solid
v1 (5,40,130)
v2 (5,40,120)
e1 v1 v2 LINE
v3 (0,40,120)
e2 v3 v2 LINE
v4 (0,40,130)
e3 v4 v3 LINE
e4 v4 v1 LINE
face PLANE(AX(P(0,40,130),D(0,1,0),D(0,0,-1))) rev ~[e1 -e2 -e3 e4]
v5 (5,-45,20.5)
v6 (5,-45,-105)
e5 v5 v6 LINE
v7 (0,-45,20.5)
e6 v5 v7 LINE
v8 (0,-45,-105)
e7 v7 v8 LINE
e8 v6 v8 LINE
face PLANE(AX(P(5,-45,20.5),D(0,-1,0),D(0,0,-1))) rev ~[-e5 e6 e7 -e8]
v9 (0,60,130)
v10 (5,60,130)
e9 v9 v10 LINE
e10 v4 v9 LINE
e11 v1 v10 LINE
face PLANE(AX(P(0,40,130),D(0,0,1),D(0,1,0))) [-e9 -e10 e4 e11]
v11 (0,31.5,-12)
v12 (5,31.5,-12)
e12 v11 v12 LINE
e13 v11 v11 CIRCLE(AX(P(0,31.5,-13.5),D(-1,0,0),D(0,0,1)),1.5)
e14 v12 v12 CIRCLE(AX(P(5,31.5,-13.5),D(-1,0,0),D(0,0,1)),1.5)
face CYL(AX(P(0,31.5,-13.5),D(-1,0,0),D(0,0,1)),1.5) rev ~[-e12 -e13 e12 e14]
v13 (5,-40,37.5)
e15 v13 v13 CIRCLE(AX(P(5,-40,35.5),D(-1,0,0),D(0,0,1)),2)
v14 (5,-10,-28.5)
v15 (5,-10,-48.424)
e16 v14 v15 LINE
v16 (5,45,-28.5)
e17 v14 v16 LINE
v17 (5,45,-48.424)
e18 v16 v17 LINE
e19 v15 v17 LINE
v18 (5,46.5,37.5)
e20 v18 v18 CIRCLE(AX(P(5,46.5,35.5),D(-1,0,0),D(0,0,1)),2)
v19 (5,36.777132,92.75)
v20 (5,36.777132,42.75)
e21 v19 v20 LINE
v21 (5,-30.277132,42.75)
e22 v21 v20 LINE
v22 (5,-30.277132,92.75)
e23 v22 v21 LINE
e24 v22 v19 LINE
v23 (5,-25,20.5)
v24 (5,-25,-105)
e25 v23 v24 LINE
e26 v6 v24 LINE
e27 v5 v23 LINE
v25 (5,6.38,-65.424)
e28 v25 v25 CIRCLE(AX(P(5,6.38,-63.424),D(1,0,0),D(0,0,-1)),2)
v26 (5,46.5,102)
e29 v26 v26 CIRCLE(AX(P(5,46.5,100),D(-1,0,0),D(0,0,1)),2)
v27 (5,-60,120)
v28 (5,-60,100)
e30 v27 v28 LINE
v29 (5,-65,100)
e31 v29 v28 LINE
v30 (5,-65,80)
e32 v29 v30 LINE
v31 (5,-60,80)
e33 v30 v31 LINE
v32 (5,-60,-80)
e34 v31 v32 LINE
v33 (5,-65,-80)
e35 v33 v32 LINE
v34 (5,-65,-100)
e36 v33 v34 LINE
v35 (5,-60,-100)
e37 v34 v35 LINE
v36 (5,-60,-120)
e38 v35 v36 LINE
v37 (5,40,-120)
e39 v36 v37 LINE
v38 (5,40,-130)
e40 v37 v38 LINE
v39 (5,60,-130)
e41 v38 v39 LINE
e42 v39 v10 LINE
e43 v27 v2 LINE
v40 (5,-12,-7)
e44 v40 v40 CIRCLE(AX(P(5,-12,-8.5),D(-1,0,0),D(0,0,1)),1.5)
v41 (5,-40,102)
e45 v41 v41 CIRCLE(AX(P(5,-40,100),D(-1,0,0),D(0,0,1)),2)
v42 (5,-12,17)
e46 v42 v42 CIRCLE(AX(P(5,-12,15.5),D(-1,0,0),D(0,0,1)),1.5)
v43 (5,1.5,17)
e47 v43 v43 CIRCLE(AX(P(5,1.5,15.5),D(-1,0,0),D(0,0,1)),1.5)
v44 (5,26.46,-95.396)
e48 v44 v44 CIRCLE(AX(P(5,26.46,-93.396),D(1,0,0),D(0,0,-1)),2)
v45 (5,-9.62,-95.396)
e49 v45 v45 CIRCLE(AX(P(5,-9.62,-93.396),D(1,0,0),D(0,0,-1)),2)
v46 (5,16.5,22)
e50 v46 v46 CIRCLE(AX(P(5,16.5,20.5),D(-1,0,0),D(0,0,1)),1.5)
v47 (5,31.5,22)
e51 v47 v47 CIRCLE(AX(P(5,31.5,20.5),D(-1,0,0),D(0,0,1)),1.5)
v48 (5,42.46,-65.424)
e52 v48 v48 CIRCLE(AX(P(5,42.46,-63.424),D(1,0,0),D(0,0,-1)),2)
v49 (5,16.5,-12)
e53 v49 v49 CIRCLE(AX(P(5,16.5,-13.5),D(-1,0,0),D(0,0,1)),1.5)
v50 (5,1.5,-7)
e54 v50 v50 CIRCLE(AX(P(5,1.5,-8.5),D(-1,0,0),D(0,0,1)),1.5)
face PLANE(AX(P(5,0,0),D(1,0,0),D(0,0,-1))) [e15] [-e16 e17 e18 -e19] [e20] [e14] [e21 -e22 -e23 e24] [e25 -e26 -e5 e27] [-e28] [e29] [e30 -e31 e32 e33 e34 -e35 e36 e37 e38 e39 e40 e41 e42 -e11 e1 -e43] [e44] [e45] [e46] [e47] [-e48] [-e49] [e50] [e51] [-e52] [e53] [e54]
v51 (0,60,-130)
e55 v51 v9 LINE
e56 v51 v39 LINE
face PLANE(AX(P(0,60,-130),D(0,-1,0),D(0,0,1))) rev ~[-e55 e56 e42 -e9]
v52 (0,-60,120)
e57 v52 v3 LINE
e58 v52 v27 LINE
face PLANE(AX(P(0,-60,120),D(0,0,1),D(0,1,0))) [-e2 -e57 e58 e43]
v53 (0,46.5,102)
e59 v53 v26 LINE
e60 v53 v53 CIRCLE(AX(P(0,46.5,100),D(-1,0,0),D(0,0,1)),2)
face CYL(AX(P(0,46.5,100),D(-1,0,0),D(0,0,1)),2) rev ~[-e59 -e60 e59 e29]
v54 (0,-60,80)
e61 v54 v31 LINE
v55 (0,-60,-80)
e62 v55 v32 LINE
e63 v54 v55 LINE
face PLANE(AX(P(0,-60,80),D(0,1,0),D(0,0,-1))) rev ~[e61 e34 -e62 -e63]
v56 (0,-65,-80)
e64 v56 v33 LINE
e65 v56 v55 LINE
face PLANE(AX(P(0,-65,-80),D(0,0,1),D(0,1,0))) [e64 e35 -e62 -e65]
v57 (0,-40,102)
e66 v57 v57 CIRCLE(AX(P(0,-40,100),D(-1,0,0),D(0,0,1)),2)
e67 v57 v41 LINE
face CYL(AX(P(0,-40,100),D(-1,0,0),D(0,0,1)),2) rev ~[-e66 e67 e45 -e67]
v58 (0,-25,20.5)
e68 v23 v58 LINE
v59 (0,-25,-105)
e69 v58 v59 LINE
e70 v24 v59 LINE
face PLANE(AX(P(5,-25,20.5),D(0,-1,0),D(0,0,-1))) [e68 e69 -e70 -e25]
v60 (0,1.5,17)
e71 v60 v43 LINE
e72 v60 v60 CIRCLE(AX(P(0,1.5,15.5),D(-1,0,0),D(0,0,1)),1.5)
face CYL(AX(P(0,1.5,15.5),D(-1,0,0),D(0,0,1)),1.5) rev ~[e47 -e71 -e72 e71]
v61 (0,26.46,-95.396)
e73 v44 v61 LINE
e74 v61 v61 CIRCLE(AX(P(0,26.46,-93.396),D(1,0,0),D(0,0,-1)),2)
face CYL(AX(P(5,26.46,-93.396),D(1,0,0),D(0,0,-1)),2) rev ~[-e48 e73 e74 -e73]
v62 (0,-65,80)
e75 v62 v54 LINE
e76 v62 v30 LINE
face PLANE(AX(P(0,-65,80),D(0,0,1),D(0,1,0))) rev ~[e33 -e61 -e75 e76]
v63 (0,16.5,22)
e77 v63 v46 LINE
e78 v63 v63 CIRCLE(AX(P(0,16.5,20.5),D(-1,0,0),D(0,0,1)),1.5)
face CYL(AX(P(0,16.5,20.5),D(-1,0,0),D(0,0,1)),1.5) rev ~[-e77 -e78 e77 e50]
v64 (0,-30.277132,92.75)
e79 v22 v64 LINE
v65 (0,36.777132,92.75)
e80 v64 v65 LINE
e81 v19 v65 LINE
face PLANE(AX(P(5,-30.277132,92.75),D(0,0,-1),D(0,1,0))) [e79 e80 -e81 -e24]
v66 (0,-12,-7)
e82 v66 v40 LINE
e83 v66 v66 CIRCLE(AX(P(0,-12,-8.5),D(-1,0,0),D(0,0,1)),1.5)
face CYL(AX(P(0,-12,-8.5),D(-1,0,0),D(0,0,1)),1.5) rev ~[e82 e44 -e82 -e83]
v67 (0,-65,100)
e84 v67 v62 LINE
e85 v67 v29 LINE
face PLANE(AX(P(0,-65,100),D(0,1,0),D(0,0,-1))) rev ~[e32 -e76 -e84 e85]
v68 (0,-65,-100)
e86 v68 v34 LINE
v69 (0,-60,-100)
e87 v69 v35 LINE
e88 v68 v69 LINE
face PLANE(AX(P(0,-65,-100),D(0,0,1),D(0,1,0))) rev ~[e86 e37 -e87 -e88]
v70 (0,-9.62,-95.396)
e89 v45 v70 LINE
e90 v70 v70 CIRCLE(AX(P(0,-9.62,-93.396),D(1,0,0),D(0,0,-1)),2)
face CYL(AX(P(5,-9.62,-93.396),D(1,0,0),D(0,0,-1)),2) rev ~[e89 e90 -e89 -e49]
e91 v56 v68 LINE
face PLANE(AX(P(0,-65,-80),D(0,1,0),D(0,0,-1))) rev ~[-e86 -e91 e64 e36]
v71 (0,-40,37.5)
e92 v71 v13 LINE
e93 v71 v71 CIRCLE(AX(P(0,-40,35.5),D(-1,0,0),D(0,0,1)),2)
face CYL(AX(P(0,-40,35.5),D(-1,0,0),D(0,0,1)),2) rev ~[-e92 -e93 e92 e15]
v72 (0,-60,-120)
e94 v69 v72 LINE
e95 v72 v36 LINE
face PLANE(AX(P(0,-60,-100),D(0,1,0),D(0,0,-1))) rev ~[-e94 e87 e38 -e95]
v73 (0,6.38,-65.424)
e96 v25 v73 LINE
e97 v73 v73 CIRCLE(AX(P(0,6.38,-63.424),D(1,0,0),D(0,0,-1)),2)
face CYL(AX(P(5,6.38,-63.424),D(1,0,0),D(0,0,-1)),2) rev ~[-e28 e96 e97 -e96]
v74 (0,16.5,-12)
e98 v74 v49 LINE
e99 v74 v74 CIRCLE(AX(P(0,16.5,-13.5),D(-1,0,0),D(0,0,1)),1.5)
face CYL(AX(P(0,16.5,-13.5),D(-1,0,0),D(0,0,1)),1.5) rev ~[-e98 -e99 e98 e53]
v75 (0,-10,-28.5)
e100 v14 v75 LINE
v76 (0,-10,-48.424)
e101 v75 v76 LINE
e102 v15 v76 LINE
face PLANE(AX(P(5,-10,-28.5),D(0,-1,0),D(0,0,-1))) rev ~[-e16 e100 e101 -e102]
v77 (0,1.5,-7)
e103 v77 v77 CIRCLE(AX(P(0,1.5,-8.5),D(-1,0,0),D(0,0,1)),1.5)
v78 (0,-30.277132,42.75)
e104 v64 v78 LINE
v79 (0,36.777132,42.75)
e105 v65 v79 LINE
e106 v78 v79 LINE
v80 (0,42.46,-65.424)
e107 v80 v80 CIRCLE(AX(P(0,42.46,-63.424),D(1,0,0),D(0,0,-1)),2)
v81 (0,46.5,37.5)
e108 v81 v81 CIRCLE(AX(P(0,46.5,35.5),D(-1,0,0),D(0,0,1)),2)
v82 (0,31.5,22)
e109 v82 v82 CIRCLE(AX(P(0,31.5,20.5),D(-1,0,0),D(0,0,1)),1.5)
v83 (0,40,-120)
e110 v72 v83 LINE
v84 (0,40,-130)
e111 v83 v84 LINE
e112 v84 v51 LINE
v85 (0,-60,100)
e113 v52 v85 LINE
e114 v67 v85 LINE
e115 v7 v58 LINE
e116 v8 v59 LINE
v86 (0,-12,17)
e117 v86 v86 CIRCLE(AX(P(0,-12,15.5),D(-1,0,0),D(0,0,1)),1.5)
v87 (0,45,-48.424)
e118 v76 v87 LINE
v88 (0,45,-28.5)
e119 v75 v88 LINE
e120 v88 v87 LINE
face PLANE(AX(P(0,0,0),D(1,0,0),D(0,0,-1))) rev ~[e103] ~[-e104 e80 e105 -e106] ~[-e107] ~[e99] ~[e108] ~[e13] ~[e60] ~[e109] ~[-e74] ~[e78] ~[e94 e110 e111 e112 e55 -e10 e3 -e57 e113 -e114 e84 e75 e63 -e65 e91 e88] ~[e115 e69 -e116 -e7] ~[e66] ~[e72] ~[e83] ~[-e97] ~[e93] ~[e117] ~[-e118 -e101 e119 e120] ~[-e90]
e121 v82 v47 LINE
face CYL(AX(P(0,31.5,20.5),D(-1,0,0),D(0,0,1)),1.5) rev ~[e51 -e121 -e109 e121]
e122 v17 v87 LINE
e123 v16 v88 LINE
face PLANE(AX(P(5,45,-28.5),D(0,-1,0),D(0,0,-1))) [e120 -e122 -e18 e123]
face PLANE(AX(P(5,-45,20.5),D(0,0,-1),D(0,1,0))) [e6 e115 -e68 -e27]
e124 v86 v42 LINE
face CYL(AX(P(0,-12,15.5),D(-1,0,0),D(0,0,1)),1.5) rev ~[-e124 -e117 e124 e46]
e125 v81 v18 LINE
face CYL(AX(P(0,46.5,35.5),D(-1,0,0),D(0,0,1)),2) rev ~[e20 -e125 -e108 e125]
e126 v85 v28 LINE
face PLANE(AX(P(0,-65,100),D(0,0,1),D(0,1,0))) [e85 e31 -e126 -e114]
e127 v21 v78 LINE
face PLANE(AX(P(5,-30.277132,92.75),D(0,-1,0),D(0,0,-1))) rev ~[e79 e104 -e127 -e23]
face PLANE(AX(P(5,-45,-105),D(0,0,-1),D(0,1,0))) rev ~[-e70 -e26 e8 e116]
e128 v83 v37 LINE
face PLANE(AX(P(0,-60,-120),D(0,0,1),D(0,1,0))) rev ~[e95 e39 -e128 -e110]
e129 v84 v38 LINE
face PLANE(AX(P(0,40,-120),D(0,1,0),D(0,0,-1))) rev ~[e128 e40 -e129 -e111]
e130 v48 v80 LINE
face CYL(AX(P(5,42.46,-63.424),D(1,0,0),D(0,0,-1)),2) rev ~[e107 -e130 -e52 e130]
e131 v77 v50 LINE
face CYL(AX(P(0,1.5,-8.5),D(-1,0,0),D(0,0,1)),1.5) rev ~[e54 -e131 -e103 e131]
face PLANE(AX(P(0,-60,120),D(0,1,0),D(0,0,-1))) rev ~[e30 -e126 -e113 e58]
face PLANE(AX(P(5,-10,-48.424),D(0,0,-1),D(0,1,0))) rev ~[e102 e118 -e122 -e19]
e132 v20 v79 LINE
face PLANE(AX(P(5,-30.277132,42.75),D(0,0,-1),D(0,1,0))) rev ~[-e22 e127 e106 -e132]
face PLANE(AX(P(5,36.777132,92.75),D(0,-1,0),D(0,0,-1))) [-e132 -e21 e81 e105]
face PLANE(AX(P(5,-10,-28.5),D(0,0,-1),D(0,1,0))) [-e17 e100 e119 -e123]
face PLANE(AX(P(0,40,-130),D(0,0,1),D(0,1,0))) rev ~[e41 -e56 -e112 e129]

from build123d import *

# Parameters (mm, degrees)
SKIZZE2_W                       = 240
SKIZZE2_H                       = 120
SKIZZE2_W_2                     = 10
SKIZZE2_H_2                     = 20
SKIZZE2_W_3                     = 20
SKIZZE2_H_3                     = 5
AUFSATZ_LINEAR_AUSTRAGEN1_DEPTH = 5
SKIZZE3_R                       = 2
SKIZZE3_R_2                     = 1.5
SCHNITT_LINEAR_AUSTRAGEN1_DEPTH = 146.430395722
SKIZZE4_R                       = 2
SCHNITT_LINEAR_AUSTRAGEN2_DEPTH = 146.430395722
SKIZZE6_W                       = 50
SKIZZE6_H                       = 67.054263566
SKIZZE6_W_2                     = 125.5
SKIZZE6_H_2                     = 20
SKIZZE6_W_3                     = 19.924
SKIZZE6_H_3                     = 55
SCHNITT_LINEAR_AUSTRAGEN3_DEPTH = 146.430395722


with BuildPart() as part:
    # Skizze2 → Aufsatz-Linear austragen1 (new body)
    with BuildSketch(Plane(origin=(0, 0, 0), x_dir=(0, 0, -1), z_dir=(1, 0, 0))):
        Rectangle(SKIZZE2_W, SKIZZE2_H)
        with Locations((-125, 50)):
            Rectangle(SKIZZE2_W_2, SKIZZE2_H_2)
        with Locations((125, 50)):
            Rectangle(SKIZZE2_W_2, SKIZZE2_H_2)
        with Locations((-90, -62.5)):
            Rectangle(SKIZZE2_W_3, SKIZZE2_H_3)
        with Locations((90, -62.5)):
            Rectangle(SKIZZE2_W_3, SKIZZE2_H_3)
    extrude(amount=AUFSATZ_LINEAR_AUSTRAGEN1_DEPTH)

    # Skizze3 → Schnitt-Linear austragen1 (cut, through all)
    with BuildSketch(Plane.ZY):
        with Locations((35.5, 46.5)):
            Circle(SKIZZE3_R)
        with Locations((100, 46.5)):
            Circle(SKIZZE3_R)
        with Locations((100, -40)):
            Circle(SKIZZE3_R)
        with Locations((35.5, -40)):
            Circle(SKIZZE3_R)
        with Locations((20.5, 31.5)):
            Circle(SKIZZE3_R_2)
        with Locations((-13.5, 31.5)):
            Circle(SKIZZE3_R_2)
        with Locations((-13.5, 16.5)):
            Circle(SKIZZE3_R_2)
        with Locations((20.5, 16.5)):
            Circle(SKIZZE3_R_2)
        with Locations((15.5, 1.5)):
            Circle(SKIZZE3_R_2)
        with Locations((15.5, -12)):
            Circle(SKIZZE3_R_2)
        with Locations((-8.5, 1.5)):
            Circle(SKIZZE3_R_2)
        with Locations((-8.5, -12)):
            Circle(SKIZZE3_R_2)
    extrude(amount=-SCHNITT_LINEAR_AUSTRAGEN1_DEPTH, mode=Mode.SUBTRACT)

    # Skizze4 → Schnitt-Linear austragen2 (cut, through all)
    with BuildSketch(Plane(origin=(5, 0, 0), x_dir=(0, 0, -1), z_dir=(1, 0, 0))):
        with Locations((63.424, 42.46)):
            Circle(SKIZZE4_R)
        with Locations((93.396, 26.46)):
            Circle(SKIZZE4_R)
        with Locations((63.424, 6.38)):
            Circle(SKIZZE4_R)
        with Locations((93.396, -9.62)):
            Circle(SKIZZE4_R)
    extrude(amount=-SCHNITT_LINEAR_AUSTRAGEN2_DEPTH, mode=Mode.SUBTRACT)

    # Skizze6 → Schnitt-Linear austragen3 (cut, through all)
    with BuildSketch(Plane(origin=(5, 0, 0), x_dir=(0, 0, -1), z_dir=(1, 0, 0))):
        with Locations((-67.75, 3.25)):
            Rectangle(SKIZZE6_W, SKIZZE6_H)
        with Locations((42.25, -35)):
            Rectangle(SKIZZE6_W_2, SKIZZE6_H_2)
        with Locations((38.462, 17.5)):
            Rectangle(SKIZZE6_W_3, SKIZZE6_H_3)
    extrude(amount=-SCHNITT_LINEAR_AUSTRAGEN3_DEPTH, mode=Mode.SUBTRACT)


solid = part.part
